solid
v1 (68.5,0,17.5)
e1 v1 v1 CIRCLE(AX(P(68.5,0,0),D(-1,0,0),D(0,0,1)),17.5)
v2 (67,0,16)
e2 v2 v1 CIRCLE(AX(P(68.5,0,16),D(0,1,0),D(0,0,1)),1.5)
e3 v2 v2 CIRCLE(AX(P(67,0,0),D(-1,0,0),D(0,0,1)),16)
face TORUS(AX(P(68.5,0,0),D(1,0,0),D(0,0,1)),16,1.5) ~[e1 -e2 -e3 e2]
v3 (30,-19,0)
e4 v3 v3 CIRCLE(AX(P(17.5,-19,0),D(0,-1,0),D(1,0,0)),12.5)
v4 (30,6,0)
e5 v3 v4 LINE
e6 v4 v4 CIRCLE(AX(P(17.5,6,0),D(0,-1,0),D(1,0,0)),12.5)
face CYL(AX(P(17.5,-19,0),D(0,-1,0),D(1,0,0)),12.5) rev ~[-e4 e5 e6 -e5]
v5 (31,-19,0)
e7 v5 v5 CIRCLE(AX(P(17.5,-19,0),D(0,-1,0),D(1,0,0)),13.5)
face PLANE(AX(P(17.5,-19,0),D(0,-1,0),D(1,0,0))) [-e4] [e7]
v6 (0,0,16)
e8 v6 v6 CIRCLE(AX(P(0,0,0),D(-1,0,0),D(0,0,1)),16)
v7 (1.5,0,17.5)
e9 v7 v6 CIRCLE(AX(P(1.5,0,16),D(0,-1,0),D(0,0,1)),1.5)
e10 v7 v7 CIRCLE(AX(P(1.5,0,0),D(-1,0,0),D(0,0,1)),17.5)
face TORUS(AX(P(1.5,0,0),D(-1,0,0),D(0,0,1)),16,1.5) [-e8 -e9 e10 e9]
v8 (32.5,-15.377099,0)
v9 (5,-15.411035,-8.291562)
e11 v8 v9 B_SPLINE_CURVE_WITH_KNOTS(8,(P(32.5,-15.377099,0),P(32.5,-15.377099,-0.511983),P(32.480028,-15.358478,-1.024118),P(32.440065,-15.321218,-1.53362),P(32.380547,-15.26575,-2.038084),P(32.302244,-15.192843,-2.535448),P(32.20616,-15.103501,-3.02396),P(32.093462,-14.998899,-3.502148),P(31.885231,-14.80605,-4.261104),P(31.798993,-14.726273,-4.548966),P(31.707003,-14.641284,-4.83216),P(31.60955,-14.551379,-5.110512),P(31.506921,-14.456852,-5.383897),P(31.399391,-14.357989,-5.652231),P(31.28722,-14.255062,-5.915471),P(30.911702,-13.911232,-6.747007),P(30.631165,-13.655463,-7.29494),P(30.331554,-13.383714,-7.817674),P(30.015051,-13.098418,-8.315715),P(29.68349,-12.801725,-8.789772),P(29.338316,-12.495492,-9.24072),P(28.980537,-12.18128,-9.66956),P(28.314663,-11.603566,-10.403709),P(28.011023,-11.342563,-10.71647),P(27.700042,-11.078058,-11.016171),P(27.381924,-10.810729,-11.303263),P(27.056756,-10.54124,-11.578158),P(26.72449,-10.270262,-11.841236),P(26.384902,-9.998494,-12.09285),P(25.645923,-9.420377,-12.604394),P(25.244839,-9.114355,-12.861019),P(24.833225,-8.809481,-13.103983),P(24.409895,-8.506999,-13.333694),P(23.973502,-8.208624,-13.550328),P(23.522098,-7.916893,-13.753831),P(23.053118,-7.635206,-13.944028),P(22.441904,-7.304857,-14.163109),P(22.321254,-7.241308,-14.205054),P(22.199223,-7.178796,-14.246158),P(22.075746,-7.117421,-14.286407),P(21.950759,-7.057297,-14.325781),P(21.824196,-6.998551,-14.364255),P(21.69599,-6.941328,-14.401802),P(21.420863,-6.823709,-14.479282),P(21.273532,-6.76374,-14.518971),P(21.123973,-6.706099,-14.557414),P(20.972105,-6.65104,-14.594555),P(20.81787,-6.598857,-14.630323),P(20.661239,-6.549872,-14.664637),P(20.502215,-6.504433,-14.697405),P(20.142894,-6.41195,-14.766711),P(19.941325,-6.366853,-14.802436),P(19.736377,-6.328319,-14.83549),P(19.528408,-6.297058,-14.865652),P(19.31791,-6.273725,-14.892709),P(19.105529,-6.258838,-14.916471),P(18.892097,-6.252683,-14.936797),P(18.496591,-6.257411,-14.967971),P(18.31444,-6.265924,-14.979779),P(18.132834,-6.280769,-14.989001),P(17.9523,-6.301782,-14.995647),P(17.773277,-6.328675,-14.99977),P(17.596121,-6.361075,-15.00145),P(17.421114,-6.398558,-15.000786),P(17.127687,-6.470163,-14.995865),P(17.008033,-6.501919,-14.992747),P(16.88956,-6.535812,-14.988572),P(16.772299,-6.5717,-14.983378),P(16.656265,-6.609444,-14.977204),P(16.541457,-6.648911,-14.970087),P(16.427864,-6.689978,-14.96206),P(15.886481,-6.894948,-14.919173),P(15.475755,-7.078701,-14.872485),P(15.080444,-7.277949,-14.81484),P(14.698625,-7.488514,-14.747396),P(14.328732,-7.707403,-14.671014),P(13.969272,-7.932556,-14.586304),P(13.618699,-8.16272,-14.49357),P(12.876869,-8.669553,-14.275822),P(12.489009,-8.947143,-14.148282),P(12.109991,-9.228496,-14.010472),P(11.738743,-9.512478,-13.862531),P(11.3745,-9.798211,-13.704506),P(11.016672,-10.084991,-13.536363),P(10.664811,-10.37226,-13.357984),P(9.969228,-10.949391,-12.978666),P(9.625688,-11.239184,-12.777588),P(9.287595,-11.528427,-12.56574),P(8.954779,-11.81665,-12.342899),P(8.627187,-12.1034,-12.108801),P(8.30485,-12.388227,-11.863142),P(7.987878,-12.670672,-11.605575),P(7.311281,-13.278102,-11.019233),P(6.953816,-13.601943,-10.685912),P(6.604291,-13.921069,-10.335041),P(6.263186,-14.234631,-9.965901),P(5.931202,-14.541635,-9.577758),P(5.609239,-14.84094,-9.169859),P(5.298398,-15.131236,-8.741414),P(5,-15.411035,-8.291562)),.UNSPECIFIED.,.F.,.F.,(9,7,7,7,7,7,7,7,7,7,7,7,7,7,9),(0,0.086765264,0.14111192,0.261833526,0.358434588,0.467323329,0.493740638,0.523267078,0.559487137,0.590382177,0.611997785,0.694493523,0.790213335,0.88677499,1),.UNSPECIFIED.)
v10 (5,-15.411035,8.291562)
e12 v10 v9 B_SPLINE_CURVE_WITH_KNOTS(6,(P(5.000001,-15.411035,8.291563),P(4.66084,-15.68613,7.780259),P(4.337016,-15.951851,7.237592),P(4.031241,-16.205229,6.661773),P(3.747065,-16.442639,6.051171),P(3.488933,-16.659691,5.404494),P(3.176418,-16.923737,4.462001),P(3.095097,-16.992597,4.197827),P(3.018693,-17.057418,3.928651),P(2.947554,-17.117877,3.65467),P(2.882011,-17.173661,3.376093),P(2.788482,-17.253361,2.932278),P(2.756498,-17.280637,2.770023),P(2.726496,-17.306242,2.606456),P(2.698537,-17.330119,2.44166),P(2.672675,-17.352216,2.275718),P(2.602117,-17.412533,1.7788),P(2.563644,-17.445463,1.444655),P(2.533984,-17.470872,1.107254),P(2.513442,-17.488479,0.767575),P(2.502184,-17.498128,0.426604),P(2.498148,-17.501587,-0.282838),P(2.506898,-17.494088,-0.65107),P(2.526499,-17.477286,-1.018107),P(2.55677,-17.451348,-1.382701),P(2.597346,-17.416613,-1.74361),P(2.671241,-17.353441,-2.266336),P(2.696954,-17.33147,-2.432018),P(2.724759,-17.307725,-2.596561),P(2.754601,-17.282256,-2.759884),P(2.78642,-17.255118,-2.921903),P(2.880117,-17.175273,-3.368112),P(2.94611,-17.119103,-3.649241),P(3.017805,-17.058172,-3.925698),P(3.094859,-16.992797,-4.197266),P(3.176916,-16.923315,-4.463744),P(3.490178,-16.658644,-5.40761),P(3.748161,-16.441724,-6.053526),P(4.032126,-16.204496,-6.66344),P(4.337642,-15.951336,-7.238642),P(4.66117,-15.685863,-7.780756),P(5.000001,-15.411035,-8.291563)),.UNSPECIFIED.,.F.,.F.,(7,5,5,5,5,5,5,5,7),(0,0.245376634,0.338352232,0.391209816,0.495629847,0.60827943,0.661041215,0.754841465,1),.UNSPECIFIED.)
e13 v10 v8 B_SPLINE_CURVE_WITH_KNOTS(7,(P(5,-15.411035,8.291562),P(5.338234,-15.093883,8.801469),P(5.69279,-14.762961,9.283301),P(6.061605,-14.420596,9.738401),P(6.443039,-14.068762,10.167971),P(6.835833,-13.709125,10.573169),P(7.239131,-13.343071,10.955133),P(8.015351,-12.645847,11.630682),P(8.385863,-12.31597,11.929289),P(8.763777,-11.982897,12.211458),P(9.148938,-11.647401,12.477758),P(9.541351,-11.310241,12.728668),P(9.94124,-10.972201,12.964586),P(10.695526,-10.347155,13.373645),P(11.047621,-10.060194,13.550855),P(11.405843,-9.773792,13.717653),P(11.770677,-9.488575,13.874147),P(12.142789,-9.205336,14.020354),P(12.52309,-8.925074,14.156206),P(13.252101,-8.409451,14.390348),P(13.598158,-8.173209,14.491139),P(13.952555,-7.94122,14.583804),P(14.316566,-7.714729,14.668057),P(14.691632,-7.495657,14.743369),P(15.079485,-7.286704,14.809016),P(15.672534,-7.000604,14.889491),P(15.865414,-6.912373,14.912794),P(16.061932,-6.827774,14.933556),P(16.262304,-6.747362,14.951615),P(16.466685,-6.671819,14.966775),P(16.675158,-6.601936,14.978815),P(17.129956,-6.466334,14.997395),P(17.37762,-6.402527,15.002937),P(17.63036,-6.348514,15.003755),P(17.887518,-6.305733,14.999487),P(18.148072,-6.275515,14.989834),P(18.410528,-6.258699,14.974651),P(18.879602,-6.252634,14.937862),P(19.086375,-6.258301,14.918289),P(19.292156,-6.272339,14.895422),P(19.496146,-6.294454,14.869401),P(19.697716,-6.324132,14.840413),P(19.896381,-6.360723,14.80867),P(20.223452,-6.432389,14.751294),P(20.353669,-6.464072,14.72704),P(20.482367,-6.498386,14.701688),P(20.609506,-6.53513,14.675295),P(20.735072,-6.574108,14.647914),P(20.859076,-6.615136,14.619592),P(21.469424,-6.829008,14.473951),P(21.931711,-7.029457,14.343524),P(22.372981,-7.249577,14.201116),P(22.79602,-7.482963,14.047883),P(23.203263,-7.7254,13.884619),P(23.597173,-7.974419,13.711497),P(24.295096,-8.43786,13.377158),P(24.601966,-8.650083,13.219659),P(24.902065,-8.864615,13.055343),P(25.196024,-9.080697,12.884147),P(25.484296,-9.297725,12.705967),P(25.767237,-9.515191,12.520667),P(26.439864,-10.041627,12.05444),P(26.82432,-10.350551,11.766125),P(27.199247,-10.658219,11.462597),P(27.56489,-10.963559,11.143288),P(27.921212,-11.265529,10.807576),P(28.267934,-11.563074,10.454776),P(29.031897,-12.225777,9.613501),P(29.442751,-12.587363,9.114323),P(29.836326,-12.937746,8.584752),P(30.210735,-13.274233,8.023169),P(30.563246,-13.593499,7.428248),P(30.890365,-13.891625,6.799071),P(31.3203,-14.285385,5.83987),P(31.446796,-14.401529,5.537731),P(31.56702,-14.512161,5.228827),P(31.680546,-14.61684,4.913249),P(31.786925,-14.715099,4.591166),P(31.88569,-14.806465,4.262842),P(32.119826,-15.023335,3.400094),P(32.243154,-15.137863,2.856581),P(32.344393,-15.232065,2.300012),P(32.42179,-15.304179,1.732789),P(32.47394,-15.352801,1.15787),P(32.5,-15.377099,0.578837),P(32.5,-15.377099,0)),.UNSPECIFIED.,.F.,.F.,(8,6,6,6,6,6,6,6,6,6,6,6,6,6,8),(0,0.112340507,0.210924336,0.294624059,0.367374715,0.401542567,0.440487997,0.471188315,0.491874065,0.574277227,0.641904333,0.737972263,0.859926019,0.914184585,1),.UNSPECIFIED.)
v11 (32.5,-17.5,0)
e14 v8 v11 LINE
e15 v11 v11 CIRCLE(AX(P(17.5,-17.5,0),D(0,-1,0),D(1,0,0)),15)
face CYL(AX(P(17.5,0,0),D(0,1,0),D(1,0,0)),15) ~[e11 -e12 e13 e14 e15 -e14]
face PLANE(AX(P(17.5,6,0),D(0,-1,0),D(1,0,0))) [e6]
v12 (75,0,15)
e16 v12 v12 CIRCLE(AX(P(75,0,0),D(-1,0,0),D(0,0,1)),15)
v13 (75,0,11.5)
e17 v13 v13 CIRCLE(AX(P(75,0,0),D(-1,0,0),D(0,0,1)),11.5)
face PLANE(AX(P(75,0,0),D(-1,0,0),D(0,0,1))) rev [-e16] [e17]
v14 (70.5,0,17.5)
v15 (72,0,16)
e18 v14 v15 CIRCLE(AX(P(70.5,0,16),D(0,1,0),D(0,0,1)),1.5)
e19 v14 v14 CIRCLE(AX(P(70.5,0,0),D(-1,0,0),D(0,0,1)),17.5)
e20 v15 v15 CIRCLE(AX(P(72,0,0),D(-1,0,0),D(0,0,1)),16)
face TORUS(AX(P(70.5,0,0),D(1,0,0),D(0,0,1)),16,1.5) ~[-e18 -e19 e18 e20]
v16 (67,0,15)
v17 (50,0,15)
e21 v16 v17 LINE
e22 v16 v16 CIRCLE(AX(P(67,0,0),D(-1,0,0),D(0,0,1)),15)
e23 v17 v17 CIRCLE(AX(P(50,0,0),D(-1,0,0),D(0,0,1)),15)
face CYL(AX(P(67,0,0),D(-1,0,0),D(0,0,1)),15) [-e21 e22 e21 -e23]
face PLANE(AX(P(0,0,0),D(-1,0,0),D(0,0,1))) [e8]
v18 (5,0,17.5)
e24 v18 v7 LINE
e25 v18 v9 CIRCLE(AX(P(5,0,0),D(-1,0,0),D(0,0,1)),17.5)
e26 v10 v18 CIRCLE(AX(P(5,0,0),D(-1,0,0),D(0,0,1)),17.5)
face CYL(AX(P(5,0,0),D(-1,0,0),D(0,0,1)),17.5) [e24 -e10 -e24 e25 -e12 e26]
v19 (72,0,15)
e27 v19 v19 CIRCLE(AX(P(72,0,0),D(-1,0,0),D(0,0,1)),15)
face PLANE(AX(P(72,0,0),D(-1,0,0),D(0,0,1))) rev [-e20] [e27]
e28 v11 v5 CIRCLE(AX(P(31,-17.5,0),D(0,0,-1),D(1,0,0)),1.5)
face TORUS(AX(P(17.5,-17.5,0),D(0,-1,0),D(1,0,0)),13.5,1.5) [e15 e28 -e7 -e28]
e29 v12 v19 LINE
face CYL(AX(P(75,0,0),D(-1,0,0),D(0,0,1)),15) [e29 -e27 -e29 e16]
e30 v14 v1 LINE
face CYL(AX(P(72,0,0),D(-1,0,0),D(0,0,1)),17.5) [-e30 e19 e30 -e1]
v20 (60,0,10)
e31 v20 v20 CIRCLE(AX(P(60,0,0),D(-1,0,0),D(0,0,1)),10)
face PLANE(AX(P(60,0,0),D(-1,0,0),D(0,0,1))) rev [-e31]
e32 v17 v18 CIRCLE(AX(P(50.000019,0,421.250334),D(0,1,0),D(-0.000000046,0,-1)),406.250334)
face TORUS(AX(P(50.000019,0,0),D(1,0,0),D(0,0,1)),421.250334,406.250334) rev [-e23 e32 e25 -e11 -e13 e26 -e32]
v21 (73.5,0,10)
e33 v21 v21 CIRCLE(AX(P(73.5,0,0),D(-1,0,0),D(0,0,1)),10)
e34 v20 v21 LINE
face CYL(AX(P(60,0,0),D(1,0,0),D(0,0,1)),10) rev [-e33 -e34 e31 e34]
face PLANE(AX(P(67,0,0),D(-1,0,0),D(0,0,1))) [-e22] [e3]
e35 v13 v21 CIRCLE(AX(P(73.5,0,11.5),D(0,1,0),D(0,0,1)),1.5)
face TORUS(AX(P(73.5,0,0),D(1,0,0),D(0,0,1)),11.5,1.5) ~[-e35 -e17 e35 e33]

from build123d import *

# Parameters (mm, degrees)
F2_R     = 15
F3_DEPTH = 19
F4_R     = 12.5
F5_DEPTH = 25
F6_R     = 1.5


with BuildPart() as f1:
    # F0 (on Front) → F1 (revolve)
    with BuildSketch(Plane.XZ):
        with BuildLine():
            Line((0, 17.5), (0, 0))
            Line((0, 0), (60, 0))
            Line((60, 0), (60, 10))
            Line((60, 10), (75, 10))
            Line((75, 10), (75, 15))
            Line((75, 15), (72, 15))
            Line((72, 15), (72, 17.5))
            Line((72, 17.5), (67, 17.5))
            Line((67, 17.5), (67, 15))
            Line((67, 15), (50, 15))
            ThreePointArc((50, 15), (27.465305, 15.625482), (5, 17.5))
            Line((5, 17.5), (0, 17.5))
        make_face()
    revolve(axis=Axis((30, 0, 0), (-1, 0, 0)))

    # F2 (on Front) → F3 (join)
    with BuildSketch(Plane.XZ):
        with Locations((17.5, 0)):
            Circle(F2_R)
    extrude(amount=F3_DEPTH)

    # F4 (on face) → F5 (cut)
    with BuildSketch(Plane.XZ.offset(19)):
        with Locations((17.5, 0)):
            Circle(F4_R)
    extrude(amount=-F5_DEPTH, mode=Mode.SUBTRACT)

    # F6
    f6_edges = [f1.edges().sort_by_distance(p)[0] for p in [
        (2.5, -19, 0),
        (72, 0, -17.5),
        (75, 0, -10),
        (67, 0, -17.5),
        (0, 0, -17.5),
    ]]
    fillet(f6_edges, radius=F6_R)


solid = f1.part
